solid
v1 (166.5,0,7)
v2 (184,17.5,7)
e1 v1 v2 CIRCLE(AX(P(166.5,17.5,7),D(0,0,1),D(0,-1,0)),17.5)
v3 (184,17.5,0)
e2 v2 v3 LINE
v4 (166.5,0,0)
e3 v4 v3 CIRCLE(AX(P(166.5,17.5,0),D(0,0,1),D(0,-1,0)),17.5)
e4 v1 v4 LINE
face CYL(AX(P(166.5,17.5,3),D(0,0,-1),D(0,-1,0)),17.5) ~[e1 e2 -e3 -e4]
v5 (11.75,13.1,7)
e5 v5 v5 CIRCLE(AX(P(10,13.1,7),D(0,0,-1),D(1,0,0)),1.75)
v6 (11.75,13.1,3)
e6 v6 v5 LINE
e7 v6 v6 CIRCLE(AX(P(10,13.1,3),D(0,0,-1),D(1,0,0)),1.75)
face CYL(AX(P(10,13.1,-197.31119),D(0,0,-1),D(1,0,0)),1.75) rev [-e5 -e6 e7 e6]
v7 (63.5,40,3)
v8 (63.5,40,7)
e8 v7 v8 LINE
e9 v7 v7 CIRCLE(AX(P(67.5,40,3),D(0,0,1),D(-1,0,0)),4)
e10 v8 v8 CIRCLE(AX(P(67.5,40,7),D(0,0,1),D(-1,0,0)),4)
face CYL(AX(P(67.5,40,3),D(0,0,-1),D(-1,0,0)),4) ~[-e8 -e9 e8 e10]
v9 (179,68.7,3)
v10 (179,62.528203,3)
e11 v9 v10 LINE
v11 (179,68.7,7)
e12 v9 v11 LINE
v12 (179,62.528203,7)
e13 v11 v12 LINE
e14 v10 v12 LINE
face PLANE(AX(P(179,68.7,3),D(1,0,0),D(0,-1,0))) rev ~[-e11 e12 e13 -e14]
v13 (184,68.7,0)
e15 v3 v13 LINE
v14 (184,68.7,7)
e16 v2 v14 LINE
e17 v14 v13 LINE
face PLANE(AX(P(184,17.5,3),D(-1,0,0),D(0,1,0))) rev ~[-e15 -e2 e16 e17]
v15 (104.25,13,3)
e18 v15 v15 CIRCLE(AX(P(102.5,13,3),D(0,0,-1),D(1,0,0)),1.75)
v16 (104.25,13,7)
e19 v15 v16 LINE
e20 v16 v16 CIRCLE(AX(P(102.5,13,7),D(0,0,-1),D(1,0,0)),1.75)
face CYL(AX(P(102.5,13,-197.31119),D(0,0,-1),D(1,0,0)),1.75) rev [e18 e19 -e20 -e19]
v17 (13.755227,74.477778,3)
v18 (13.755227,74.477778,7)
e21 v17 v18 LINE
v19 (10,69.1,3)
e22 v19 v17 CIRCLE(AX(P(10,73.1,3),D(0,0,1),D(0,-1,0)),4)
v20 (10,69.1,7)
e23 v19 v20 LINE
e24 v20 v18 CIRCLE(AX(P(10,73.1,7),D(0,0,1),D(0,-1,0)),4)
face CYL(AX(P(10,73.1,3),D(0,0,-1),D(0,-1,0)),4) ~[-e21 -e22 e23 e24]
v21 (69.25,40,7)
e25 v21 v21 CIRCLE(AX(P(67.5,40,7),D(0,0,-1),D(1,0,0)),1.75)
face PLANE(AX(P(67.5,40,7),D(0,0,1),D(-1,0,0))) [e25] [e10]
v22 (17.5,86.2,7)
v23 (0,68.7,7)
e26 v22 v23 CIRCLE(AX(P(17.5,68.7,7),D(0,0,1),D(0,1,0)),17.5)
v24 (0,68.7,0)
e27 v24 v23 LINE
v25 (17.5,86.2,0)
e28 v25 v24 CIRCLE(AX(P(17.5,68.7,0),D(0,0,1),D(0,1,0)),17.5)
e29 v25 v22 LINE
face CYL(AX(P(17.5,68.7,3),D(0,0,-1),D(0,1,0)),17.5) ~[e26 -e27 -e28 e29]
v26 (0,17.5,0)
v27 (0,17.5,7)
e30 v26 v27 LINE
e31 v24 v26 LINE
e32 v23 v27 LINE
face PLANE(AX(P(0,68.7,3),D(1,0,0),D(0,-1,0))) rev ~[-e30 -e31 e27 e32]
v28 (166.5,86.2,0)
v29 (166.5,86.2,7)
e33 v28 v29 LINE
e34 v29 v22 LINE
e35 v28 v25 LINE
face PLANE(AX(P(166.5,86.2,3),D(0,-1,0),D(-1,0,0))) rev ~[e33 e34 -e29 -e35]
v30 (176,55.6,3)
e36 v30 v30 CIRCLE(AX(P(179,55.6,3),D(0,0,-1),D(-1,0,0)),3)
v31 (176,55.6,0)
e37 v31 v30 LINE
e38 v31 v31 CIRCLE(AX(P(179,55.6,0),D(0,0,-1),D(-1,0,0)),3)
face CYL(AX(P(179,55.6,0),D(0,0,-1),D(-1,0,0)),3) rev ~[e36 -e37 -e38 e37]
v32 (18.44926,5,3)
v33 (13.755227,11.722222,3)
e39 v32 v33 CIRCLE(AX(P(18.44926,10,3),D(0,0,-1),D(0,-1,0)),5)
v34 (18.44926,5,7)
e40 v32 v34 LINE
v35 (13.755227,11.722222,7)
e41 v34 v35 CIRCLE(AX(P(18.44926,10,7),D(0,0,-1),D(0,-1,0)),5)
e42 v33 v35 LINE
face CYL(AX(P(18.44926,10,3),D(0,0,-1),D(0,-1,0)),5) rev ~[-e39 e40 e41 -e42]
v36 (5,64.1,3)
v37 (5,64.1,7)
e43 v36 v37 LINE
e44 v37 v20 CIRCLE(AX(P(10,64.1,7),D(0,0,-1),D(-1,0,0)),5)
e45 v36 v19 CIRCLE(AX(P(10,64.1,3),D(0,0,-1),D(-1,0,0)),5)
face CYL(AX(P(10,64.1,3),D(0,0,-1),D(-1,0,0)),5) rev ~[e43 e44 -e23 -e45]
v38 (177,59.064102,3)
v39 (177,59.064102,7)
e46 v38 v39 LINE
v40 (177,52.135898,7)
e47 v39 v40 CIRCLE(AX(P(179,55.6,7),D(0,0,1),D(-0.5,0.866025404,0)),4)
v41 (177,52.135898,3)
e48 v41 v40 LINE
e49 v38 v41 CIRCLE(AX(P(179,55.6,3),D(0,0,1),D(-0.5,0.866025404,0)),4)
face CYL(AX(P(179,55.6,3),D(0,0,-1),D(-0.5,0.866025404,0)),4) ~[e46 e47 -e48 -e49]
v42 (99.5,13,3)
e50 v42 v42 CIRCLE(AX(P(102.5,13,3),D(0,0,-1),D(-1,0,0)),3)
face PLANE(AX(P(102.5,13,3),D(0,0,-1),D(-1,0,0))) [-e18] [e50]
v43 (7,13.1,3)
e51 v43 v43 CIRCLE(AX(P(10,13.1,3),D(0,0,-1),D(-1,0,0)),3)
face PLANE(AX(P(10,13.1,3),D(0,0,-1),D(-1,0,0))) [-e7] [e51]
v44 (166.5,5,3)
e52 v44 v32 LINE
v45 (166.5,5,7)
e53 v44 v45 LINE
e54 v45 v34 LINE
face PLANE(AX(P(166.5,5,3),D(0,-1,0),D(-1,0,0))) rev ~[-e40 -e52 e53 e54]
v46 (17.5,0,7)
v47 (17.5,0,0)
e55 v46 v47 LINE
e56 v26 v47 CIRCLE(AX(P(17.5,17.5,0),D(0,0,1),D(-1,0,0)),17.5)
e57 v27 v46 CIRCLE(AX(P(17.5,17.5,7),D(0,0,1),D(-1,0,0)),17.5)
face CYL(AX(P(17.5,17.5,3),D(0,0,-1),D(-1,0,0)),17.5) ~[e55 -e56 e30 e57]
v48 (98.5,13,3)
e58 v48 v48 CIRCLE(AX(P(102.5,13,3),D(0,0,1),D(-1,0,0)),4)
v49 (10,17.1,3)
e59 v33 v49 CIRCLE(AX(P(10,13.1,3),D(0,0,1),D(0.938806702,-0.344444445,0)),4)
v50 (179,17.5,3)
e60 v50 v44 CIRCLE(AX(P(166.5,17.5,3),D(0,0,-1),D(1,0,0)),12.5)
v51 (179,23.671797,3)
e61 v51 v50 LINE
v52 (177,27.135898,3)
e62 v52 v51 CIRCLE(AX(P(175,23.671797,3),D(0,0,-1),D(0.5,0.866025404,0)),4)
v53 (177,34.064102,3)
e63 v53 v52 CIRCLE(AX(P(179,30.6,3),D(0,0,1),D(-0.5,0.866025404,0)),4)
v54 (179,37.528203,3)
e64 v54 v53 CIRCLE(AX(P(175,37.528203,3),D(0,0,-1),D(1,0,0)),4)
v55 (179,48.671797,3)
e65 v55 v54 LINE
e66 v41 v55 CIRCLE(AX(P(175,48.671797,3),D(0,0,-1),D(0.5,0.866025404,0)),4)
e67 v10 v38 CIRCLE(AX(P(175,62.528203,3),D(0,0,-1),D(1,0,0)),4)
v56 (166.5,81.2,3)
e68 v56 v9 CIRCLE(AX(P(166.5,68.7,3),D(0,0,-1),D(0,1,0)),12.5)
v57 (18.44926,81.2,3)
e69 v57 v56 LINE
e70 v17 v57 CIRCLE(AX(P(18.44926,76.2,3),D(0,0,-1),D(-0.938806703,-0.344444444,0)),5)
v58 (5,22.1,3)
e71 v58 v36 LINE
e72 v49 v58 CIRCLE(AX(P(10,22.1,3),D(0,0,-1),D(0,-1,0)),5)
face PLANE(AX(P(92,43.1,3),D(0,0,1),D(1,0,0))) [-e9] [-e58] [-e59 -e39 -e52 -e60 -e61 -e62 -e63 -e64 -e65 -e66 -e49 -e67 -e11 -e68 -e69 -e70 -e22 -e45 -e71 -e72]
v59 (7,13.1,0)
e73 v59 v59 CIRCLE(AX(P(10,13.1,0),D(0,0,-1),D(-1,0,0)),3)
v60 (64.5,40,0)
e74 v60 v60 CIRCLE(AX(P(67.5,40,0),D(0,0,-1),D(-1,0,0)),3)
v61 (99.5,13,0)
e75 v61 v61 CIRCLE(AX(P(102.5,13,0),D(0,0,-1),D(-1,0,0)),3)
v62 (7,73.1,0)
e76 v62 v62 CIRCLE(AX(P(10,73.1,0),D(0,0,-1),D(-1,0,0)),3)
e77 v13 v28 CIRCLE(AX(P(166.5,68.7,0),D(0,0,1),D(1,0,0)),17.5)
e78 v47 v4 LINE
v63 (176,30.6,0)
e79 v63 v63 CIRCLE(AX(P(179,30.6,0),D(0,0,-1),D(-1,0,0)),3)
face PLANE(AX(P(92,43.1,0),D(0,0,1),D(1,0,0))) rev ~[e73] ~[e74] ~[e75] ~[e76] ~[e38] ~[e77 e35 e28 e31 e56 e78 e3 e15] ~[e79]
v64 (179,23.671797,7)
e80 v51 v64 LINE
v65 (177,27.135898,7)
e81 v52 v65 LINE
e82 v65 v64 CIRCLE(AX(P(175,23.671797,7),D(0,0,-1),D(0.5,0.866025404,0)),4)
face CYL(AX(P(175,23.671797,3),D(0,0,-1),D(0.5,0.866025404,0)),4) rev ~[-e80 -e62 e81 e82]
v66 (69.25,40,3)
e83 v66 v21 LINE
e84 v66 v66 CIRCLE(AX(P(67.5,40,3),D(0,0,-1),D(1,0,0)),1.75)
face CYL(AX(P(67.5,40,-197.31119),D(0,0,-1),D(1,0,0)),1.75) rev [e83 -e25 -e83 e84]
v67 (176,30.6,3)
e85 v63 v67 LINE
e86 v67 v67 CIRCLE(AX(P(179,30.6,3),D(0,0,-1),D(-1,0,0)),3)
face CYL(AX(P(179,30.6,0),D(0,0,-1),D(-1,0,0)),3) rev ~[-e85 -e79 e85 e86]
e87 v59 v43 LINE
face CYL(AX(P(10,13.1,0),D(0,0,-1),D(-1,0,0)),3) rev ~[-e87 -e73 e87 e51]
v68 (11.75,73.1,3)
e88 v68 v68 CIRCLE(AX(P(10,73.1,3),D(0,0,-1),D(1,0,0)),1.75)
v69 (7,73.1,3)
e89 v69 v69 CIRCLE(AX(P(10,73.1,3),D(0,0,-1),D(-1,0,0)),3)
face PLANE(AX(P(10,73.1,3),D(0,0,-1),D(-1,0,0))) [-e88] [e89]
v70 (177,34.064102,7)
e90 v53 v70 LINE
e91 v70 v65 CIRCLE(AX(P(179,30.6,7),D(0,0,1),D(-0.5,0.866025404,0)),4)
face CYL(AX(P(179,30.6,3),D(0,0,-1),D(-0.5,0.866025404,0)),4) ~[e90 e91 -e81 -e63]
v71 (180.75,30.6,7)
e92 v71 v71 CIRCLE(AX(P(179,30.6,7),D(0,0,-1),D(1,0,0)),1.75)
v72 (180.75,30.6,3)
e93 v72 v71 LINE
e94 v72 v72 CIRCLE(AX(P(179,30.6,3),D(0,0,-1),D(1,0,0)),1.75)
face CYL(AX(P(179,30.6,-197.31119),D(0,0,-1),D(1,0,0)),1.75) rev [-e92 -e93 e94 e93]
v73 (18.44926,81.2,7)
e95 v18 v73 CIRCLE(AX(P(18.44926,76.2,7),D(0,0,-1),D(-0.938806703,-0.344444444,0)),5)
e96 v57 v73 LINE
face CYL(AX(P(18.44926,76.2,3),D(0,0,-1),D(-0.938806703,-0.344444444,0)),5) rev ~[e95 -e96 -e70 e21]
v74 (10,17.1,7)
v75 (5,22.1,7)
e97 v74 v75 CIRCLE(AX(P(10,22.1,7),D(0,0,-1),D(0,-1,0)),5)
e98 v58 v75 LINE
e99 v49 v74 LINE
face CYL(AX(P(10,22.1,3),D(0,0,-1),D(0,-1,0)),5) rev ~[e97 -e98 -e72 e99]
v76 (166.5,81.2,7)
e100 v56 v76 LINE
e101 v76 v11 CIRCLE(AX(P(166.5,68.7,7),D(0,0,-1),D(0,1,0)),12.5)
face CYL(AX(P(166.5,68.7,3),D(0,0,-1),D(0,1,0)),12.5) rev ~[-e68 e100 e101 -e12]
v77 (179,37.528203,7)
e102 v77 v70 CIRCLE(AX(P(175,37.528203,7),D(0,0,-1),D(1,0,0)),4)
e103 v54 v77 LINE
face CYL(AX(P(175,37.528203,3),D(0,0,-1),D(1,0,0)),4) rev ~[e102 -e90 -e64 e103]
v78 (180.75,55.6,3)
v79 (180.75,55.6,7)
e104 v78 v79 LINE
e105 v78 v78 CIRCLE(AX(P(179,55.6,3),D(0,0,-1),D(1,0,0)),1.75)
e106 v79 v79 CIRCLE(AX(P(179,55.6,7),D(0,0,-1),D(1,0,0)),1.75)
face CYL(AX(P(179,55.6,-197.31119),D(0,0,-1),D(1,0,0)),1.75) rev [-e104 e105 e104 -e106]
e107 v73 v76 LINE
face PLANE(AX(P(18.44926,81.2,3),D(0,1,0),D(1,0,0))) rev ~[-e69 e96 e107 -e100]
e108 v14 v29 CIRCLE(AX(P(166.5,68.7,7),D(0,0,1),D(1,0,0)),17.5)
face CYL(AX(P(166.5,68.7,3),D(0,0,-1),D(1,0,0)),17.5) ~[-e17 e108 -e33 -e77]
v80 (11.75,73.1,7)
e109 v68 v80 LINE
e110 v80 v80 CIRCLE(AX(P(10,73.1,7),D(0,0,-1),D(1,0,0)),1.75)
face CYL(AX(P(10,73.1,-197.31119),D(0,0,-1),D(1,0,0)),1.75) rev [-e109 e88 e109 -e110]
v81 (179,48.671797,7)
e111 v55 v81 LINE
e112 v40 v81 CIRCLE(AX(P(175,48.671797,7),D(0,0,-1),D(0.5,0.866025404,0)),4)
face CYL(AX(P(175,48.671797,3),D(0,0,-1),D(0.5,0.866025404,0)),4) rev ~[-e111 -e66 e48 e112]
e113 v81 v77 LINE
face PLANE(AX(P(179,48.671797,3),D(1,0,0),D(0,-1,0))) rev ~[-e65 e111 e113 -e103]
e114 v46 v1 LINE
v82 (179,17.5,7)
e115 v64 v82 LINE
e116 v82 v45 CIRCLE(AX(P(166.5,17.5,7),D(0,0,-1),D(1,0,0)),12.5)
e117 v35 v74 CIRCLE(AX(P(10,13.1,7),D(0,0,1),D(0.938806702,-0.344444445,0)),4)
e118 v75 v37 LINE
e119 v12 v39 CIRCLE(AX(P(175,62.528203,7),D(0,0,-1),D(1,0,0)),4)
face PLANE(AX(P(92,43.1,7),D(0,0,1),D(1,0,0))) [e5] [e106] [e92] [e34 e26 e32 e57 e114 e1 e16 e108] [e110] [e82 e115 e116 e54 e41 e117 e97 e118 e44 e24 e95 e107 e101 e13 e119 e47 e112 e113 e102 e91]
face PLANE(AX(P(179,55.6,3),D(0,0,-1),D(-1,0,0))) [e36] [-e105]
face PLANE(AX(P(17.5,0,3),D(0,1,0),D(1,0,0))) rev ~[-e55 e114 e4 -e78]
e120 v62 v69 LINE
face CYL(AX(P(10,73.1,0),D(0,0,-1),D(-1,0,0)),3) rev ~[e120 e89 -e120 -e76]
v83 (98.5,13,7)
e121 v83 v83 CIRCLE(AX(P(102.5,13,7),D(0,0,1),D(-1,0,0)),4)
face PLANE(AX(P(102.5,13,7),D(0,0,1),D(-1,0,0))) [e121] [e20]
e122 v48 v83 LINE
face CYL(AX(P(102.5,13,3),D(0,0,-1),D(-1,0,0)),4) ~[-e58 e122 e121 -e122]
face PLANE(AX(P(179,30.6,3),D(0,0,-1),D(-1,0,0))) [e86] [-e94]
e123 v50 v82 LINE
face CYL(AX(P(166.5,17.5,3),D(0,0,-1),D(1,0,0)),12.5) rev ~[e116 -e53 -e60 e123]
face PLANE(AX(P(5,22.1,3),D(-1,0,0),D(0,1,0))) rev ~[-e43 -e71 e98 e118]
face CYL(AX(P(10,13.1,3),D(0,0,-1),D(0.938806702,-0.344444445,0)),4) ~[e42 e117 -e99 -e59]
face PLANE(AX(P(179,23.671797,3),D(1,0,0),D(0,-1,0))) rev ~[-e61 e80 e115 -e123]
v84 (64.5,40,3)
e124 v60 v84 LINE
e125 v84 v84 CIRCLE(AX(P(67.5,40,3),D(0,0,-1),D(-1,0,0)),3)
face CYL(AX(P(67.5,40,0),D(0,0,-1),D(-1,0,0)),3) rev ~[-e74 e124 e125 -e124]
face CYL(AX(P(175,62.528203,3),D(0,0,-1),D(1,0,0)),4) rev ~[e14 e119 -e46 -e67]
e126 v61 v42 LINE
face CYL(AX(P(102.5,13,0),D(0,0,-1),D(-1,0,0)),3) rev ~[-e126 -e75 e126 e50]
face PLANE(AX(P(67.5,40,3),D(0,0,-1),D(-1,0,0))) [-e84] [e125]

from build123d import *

# Parameters (mm, degrees)
SALIENTE_EXTRUIR1_DEPTH    = 3
CROQUIS2_R                 = 4
SALIENTE_EXTRUIR3_DEPTH    = 4
CORTAR_EXTRUIR1_DEPTH      = 204.311190051
CORTAR_EXTRUIR1_DEPTH_BACK = 204.311190051
CROQUIS3_R                 = 1.75
CROQUIS4_R                 = 3
CORTAR_EXTRUIR2_DEPTH      = 3


with BuildPart() as part:
    # Croquis1 → Saliente-Extruir1 (new body)
    with BuildSketch(Plane.XY):
        with BuildLine():
            Line((17.5, 0), (166.5, 0))
            ThreePointArc((166.5, 0), (178.874368671, 5.125631329), (184, 17.5))
            Line((184, 17.5), (184, 68.7))
            ThreePointArc((184, 68.7), (178.874368671, 81.074368671), (166.5, 86.2))
            Line((166.5, 86.2), (17.5, 86.2))
            ThreePointArc((17.5, 86.2), (5.125631329, 81.074368671), (0, 68.7))
            Line((0, 68.7), (0, 17.5))
            ThreePointArc((0, 17.5), (5.125631329, 5.125631329), (17.5, 0))
        make_face()
    extrude(amount=SALIENTE_EXTRUIR1_DEPTH)

    # Croquis2 → Saliente-Extruir3 (add)
    # profile 1 of 3: a face of its own
    with BuildSketch(Plane.XY.offset(3)):
        with BuildLine():
            ThreePointArc((184, 68.7), (178.874368671, 81.074368671), (166.5, 86.2))
            Line((166.5, 86.2), (17.5, 86.2))
            ThreePointArc((17.5, 86.2), (5.125631329, 81.074368671), (0, 68.7))
            Line((0, 68.7), (0, 17.5))
            ThreePointArc((0, 17.5), (5.125631329, 5.125631329), (17.5, 0))
            Line((17.5, 0), (166.5, 0))
            ThreePointArc((166.5, 0), (178.874368671, 5.125631329), (184, 17.5))
            Line((184, 17.5), (184, 68.7))
        make_face()
        with BuildLine():
            Line((166.5, 5), (18.449260323, 5))
            ThreePointArc((18.449260323, 5), (14.349802364, 7.137405994), (13.75522681, 11.722222222))
            ThreePointArc((13.75522681, 11.722222222), (13.279566367, 15.390075205), (10, 17.1))
            ThreePointArc((10, 17.1), (6.464466094, 18.564466094), (5, 22.1))
            Line((5, 22.1), (5, 64.1))
            ThreePointArc((5, 64.1), (6.464466094, 67.635533906), (10, 69.1))
            ThreePointArc((10, 69.1), (13.279566367, 70.809924795), (13.75522681, 74.477777778))
            ThreePointArc((13.75522681, 74.477777778), (14.349802364, 79.062594006), (18.449260323, 81.2))
            Line((18.449260323, 81.2), (166.5, 81.2))
            ThreePointArc((166.5, 81.2), (175.338834765, 77.538834765), (179, 68.7))
            Line((179, 68.7), (179, 62.52820323))
            ThreePointArc((179, 62.52820323), (178.464101615, 60.52820323), (177, 59.064101615))
            ThreePointArc((177, 59.064101615), (175, 55.6), (177, 52.135898385))
            ThreePointArc((177, 52.135898385), (178.464101615, 50.67179677), (179, 48.67179677))
            Line((179, 48.67179677), (179, 37.52820323))
            ThreePointArc((179, 37.52820323), (178.464101615, 35.52820323), (177, 34.064101615))
            ThreePointArc((177, 34.064101615), (175, 30.6), (177, 27.135898385))
            ThreePointArc((177, 27.135898385), (178.464101615, 25.67179677), (179, 23.67179677))
            Line((179, 23.67179677), (179, 17.5))
            ThreePointArc((179, 17.5), (175.338834765, 8.661165235), (166.5, 5))
        make_face(mode=Mode.SUBTRACT)
    # profile 2 of 3: a face of its own
    with BuildSketch(Plane.XY.offset(3)):
        with Locations(Location((102.5, 13, 0), (0, 0, 180))):
            Circle(CROQUIS2_R)
    # profile 3 of 3: a face of its own
    with BuildSketch(Plane.XY.offset(3)):
        with Locations(Location((67.5, 40, 0), (0, 0, 180))):
            Circle(CROQUIS2_R)
    extrude(amount=SALIENTE_EXTRUIR3_DEPTH)

    # Croquis3 → Cortar-Extruir1 (cut, two sides: drawn at the far end of the back side and taken through both)
    with BuildSketch(Plane.XY.offset(7).offset(-CORTAR_EXTRUIR1_DEPTH_BACK)):
        with Locations((10, 13.1)):
            Circle(CROQUIS3_R)
        with Locations((67.5, 40)):
            Circle(CROQUIS3_R)
        with Locations((102.5, 13)):
            Circle(CROQUIS3_R)
        with Locations((10, 73.1)):
            Circle(CROQUIS3_R)
        with Locations((179, 55.6)):
            Circle(CROQUIS3_R)
        with Locations((179, 30.6)):
            Circle(CROQUIS3_R)
    extrude(amount=CORTAR_EXTRUIR1_DEPTH + CORTAR_EXTRUIR1_DEPTH_BACK, mode=Mode.SUBTRACT)

    # Croquis4 → Cortar-Extruir2 (cut)
    with BuildSketch(Plane(origin=(0, 0, 0), x_dir=(-1, 0, 0), z_dir=(0, 0, -1))):
        with Locations((-179, 30.6)):
            Circle(CROQUIS4_R)
        with Locations((-179, 55.6)):
            Circle(CROQUIS4_R)
        with Locations((-102.5, 13)):
            Circle(CROQUIS4_R)
        with Locations((-67.5, 40)):
            Circle(CROQUIS4_R)
        with Locations((-10, 73.1)):
            Circle(CROQUIS4_R)
        with Locations((-10, 13.1)):
            Circle(CROQUIS4_R)
    extrude(amount=-CORTAR_EXTRUIR2_DEPTH, mode=Mode.SUBTRACT)


solid = part.part
